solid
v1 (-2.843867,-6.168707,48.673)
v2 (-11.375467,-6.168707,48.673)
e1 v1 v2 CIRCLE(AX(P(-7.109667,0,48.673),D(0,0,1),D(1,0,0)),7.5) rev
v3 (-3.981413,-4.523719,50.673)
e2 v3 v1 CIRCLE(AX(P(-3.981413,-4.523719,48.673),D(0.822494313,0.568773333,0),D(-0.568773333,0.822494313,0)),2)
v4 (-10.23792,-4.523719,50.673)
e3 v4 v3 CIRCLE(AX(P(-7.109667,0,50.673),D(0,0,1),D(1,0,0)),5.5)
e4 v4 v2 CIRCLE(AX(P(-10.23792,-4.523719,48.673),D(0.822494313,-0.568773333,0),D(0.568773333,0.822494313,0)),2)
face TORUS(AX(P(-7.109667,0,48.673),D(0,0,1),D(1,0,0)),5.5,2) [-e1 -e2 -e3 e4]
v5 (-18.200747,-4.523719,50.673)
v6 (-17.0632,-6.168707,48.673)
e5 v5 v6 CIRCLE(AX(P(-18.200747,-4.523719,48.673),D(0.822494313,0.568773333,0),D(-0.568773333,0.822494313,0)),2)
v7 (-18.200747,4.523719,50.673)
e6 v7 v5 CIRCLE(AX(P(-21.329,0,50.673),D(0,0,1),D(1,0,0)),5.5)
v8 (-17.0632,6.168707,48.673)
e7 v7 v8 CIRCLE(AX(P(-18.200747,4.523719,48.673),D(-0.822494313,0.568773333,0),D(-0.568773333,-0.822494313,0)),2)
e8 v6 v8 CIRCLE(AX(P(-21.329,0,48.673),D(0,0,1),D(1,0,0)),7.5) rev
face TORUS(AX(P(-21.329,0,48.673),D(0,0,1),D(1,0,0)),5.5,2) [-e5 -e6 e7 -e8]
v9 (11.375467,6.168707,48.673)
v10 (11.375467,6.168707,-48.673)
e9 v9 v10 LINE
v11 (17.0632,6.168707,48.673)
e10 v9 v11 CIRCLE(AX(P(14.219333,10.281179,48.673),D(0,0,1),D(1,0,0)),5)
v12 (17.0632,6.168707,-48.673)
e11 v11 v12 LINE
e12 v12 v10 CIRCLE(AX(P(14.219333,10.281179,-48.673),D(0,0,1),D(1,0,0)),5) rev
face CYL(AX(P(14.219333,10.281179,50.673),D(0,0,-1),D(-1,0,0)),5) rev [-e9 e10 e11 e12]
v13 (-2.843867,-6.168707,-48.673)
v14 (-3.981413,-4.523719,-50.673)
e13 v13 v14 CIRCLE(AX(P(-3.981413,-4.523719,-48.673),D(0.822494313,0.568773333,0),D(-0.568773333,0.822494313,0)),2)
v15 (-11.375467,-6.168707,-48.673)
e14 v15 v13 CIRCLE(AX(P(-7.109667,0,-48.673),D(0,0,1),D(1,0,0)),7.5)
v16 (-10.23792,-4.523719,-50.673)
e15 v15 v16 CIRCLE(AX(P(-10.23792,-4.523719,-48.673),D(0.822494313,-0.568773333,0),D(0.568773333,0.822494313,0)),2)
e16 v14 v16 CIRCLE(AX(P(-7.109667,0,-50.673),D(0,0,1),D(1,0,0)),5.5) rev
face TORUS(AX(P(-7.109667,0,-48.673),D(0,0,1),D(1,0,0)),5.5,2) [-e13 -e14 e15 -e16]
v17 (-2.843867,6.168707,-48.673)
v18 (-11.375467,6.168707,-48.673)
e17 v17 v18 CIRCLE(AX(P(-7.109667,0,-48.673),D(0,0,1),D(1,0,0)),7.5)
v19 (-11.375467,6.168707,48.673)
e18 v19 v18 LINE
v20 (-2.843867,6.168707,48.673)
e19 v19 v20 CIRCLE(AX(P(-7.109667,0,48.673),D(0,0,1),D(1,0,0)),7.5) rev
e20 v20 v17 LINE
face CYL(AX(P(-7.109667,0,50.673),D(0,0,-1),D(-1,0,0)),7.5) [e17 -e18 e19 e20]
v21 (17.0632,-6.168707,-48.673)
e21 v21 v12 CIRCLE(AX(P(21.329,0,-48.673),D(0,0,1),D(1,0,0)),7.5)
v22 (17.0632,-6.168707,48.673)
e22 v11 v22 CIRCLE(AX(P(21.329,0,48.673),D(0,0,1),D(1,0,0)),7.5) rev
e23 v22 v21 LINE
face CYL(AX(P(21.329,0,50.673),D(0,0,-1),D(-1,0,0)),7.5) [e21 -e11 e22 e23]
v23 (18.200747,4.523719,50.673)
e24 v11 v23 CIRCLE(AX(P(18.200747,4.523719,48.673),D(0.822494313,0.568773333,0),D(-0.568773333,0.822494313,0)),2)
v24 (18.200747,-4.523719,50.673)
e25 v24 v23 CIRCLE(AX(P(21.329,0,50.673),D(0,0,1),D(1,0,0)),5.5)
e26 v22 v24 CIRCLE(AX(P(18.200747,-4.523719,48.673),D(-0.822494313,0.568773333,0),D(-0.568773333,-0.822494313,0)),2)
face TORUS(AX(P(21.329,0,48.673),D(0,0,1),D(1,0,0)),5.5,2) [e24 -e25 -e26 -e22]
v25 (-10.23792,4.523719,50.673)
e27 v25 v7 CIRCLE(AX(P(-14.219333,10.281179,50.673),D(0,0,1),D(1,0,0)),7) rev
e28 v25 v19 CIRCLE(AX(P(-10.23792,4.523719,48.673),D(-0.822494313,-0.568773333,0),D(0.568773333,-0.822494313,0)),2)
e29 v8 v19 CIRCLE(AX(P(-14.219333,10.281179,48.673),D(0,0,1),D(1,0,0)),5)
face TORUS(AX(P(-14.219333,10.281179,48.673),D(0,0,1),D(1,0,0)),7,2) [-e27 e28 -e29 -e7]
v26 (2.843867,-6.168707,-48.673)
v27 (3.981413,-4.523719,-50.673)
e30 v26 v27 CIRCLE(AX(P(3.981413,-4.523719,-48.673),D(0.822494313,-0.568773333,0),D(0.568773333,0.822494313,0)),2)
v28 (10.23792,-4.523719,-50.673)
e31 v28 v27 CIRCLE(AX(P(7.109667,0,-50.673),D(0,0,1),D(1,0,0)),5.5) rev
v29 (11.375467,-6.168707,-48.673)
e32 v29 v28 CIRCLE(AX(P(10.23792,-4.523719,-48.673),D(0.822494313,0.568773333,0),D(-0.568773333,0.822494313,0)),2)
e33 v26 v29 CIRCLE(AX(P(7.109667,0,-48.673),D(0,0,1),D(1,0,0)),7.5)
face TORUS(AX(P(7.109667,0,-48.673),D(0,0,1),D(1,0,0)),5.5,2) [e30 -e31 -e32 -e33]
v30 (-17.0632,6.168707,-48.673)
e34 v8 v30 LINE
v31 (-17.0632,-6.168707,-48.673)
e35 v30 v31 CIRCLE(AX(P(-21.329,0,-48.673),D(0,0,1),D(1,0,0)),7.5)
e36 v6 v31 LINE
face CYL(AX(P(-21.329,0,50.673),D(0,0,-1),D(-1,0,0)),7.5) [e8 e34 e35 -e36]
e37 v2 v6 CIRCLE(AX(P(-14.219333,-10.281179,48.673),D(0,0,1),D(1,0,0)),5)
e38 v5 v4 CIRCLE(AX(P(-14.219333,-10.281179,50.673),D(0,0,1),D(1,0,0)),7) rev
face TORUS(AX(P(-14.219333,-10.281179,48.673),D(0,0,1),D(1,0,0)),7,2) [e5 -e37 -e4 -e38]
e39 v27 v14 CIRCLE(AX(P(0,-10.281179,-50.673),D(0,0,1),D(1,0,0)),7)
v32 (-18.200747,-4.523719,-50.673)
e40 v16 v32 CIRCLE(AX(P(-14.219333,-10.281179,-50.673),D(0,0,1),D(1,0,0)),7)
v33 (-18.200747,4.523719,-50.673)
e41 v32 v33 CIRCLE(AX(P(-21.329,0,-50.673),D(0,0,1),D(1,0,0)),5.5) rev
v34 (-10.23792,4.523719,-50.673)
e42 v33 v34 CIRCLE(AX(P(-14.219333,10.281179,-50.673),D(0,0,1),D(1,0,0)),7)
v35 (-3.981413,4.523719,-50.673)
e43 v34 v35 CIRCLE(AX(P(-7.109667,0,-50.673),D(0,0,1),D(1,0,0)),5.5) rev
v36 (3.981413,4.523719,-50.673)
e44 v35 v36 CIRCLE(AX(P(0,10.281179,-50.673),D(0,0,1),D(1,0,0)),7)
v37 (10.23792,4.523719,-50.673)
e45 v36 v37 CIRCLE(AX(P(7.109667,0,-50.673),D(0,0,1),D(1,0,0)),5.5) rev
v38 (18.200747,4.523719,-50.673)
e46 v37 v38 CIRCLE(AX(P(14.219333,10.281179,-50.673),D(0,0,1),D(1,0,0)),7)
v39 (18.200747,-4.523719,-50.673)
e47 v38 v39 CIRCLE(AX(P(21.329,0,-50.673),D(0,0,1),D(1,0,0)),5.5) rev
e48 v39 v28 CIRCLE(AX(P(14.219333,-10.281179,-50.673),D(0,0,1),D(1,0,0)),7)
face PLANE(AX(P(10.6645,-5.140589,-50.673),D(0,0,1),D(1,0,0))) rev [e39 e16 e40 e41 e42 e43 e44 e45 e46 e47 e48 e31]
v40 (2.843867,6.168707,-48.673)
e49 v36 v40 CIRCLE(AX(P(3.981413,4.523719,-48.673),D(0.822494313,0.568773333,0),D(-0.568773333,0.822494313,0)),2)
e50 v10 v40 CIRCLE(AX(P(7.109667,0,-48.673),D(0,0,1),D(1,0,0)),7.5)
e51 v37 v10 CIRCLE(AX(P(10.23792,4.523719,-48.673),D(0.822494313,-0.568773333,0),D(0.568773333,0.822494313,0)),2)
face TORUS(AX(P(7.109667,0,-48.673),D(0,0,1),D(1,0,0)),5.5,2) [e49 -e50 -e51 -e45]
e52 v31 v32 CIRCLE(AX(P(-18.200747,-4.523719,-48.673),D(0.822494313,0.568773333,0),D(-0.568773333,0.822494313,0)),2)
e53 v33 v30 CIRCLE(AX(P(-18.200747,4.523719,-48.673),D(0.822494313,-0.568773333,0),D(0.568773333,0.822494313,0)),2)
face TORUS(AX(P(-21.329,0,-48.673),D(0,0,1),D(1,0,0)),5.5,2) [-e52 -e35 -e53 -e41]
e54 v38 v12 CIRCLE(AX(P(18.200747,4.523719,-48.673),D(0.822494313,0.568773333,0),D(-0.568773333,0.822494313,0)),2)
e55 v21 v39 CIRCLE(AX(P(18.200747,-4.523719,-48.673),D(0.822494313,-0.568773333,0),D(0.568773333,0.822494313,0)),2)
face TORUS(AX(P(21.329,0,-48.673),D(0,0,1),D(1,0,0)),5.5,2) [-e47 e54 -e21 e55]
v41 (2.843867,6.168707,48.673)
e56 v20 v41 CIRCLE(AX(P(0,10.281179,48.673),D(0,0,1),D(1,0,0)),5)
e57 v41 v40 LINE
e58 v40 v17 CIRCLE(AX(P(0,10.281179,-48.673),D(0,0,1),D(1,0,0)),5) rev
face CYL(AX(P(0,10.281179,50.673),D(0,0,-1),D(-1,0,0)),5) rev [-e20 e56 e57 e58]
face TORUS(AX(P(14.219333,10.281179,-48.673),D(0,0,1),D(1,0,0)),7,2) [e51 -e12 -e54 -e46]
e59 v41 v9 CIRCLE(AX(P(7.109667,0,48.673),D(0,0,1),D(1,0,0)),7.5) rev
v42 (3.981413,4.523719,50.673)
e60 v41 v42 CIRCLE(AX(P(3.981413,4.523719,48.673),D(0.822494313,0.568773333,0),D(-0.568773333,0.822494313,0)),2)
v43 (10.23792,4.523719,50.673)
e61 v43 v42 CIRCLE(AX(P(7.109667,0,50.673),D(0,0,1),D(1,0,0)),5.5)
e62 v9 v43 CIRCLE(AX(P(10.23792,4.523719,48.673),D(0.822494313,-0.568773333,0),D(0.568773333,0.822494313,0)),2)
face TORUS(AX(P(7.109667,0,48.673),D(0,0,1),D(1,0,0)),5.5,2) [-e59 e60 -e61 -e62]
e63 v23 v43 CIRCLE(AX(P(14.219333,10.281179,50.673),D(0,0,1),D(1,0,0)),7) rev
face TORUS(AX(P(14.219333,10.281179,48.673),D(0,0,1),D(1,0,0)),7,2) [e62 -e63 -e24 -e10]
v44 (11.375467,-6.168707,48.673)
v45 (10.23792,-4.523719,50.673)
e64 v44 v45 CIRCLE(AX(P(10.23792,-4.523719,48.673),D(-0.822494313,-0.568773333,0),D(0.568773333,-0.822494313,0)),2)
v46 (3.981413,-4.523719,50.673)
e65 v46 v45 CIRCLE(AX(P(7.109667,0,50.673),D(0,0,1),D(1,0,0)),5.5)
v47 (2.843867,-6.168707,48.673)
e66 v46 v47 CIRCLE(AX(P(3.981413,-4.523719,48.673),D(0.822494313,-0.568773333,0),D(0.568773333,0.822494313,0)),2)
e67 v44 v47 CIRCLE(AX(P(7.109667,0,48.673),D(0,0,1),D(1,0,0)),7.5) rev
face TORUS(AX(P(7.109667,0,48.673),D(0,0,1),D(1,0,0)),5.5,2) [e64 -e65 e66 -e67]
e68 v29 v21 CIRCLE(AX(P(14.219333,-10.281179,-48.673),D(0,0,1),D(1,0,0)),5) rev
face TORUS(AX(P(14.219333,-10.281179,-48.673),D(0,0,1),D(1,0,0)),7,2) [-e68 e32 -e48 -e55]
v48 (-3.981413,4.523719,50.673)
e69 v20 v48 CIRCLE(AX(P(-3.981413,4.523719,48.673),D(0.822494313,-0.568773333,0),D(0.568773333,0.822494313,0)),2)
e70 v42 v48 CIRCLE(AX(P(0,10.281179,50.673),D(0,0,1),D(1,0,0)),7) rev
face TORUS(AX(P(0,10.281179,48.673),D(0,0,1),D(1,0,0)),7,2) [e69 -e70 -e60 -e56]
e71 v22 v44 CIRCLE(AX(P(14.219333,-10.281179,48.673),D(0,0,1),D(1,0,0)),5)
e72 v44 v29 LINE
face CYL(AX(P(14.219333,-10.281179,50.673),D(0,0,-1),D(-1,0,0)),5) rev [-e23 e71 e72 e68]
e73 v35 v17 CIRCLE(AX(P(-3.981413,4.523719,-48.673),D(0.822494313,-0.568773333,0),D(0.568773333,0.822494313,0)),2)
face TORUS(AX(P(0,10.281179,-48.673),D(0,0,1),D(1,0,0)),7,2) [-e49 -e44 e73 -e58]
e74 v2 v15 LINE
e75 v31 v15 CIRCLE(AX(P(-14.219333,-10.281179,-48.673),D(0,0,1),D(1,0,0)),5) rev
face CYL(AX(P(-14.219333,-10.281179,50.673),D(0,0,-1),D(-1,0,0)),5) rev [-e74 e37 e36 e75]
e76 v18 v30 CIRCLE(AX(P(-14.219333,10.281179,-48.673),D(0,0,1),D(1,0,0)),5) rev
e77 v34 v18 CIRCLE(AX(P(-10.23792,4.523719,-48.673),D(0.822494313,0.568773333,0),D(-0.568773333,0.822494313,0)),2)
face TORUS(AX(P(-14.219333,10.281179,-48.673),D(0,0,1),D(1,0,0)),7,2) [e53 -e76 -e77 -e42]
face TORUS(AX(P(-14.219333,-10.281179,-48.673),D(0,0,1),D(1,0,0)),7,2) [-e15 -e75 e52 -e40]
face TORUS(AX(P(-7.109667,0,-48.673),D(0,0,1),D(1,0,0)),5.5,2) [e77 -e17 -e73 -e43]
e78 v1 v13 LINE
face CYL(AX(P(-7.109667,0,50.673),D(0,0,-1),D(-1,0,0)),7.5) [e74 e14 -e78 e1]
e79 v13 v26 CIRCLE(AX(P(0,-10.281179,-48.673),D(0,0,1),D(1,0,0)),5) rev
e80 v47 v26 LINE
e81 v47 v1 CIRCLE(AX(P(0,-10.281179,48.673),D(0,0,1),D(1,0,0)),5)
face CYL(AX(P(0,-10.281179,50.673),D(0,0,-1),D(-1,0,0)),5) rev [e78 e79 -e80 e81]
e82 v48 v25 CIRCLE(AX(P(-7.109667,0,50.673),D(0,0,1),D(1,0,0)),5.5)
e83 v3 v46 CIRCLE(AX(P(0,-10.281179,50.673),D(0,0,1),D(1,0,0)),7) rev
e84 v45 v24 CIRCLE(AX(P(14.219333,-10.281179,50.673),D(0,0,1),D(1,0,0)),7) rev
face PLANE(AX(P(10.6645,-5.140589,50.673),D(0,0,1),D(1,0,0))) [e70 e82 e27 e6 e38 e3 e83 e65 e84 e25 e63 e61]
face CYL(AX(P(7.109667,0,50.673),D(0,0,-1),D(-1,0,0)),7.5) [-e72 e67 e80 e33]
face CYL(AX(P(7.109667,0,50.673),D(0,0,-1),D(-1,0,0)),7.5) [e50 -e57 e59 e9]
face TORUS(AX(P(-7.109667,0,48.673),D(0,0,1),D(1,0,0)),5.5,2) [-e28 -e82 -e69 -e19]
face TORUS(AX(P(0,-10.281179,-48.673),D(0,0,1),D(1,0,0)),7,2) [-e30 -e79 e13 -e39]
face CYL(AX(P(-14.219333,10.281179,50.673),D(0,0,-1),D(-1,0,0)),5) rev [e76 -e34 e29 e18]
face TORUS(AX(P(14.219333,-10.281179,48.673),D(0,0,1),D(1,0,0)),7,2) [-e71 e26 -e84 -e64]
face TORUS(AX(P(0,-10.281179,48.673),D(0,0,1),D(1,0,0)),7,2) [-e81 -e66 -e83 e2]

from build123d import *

# Parameters (mm, degrees)
BOSS_EXTRUDE1_DEPTH = 50.673
FILLET1_R           = 2


with BuildPart() as part:
    # Sketch1 → Boss-Extrude1 (new body, symmetric)
    with BuildSketch(Plane.XY):
        with BuildLine():
            ThreePointArc((-17.0632, 6.168707349), (-28.829, 0), (-17.0632, -6.168707349))
            ThreePointArc((-17.0632, -6.168707349), (-14.219333333, -5.281178915), (-11.375466667, -6.168707349))
            ThreePointArc((-11.375466667, -6.168707349), (-7.109666667, -7.5), (-2.843866667, -6.168707349))
            ThreePointArc((-2.843866667, -6.168707349), (0, -5.281178915), (2.843866667, -6.168707349))
            ThreePointArc((2.843866667, -6.168707349), (7.109666667, -7.5), (11.375466667, -6.168707349))
            ThreePointArc((11.375466667, -6.168707349), (14.219333333, -5.281178915), (17.0632, -6.168707349))
            ThreePointArc((17.0632, -6.168707349), (28.829, 0), (17.0632, 6.168707349))
            ThreePointArc((17.0632, 6.168707349), (14.219333333, 5.281178915), (11.375466667, 6.168707349))
            ThreePointArc((11.375466667, 6.168707349), (7.109666667, 7.5), (2.843866667, 6.168707349))
            ThreePointArc((2.843866667, 6.168707349), (0, 5.281178915), (-2.843866667, 6.168707349))
            ThreePointArc((-2.843866667, 6.168707349), (-7.109666667, 7.5), (-11.375466667, 6.168707349))
            ThreePointArc((-11.375466667, 6.168707349), (-14.219333333, 5.281178915), (-17.0632, 6.168707349))
        make_face()
    extrude(amount=BOSS_EXTRUDE1_DEPTH, both=True)

    # Fillet1
    fillet1_edges = [part.edges().sort_by_distance(p)[0] for p in [
        (7.109666667, -7.5, -50.673),
        (0, -5.281178915, -50.673),
        (14.219333333, 5.281178915, 50.673),
        (-7.109666667, -7.5, -50.673),
        (-14.219333333, -5.281178915, -50.673),
        (-28.829, 0, -50.673),
        (-14.219333333, 5.281178915, -50.673),
        (-7.109666667, 7.5, -50.673),
        (0, 5.281178915, -50.673),
        (7.109666667, 7.5, -50.673),
        (14.219333333, 5.281178915, -50.673),
        (28.829, 0, -50.673),
        (14.219333333, -5.281178915, -50.673),
        (7.109666667, 7.5, 50.673),
        (0, 5.281178915, 50.673),
        (-7.109666667, 7.5, 50.673),
        (-14.219333333, 5.281178915, 50.673),
        (-28.829, 0, 50.673),
        (-14.219333333, -5.281178915, 50.673),
        (-7.109666667, -7.5, 50.673),
        (0, -5.281178915, 50.673),
        (7.109666667, -7.5, 50.673),
        (14.219333333, -5.281178915, 50.673),
        (28.829, 0, 50.673),
    ]]
    fillet(fillet1_edges, radius=FILLET1_R)


solid = part.part
